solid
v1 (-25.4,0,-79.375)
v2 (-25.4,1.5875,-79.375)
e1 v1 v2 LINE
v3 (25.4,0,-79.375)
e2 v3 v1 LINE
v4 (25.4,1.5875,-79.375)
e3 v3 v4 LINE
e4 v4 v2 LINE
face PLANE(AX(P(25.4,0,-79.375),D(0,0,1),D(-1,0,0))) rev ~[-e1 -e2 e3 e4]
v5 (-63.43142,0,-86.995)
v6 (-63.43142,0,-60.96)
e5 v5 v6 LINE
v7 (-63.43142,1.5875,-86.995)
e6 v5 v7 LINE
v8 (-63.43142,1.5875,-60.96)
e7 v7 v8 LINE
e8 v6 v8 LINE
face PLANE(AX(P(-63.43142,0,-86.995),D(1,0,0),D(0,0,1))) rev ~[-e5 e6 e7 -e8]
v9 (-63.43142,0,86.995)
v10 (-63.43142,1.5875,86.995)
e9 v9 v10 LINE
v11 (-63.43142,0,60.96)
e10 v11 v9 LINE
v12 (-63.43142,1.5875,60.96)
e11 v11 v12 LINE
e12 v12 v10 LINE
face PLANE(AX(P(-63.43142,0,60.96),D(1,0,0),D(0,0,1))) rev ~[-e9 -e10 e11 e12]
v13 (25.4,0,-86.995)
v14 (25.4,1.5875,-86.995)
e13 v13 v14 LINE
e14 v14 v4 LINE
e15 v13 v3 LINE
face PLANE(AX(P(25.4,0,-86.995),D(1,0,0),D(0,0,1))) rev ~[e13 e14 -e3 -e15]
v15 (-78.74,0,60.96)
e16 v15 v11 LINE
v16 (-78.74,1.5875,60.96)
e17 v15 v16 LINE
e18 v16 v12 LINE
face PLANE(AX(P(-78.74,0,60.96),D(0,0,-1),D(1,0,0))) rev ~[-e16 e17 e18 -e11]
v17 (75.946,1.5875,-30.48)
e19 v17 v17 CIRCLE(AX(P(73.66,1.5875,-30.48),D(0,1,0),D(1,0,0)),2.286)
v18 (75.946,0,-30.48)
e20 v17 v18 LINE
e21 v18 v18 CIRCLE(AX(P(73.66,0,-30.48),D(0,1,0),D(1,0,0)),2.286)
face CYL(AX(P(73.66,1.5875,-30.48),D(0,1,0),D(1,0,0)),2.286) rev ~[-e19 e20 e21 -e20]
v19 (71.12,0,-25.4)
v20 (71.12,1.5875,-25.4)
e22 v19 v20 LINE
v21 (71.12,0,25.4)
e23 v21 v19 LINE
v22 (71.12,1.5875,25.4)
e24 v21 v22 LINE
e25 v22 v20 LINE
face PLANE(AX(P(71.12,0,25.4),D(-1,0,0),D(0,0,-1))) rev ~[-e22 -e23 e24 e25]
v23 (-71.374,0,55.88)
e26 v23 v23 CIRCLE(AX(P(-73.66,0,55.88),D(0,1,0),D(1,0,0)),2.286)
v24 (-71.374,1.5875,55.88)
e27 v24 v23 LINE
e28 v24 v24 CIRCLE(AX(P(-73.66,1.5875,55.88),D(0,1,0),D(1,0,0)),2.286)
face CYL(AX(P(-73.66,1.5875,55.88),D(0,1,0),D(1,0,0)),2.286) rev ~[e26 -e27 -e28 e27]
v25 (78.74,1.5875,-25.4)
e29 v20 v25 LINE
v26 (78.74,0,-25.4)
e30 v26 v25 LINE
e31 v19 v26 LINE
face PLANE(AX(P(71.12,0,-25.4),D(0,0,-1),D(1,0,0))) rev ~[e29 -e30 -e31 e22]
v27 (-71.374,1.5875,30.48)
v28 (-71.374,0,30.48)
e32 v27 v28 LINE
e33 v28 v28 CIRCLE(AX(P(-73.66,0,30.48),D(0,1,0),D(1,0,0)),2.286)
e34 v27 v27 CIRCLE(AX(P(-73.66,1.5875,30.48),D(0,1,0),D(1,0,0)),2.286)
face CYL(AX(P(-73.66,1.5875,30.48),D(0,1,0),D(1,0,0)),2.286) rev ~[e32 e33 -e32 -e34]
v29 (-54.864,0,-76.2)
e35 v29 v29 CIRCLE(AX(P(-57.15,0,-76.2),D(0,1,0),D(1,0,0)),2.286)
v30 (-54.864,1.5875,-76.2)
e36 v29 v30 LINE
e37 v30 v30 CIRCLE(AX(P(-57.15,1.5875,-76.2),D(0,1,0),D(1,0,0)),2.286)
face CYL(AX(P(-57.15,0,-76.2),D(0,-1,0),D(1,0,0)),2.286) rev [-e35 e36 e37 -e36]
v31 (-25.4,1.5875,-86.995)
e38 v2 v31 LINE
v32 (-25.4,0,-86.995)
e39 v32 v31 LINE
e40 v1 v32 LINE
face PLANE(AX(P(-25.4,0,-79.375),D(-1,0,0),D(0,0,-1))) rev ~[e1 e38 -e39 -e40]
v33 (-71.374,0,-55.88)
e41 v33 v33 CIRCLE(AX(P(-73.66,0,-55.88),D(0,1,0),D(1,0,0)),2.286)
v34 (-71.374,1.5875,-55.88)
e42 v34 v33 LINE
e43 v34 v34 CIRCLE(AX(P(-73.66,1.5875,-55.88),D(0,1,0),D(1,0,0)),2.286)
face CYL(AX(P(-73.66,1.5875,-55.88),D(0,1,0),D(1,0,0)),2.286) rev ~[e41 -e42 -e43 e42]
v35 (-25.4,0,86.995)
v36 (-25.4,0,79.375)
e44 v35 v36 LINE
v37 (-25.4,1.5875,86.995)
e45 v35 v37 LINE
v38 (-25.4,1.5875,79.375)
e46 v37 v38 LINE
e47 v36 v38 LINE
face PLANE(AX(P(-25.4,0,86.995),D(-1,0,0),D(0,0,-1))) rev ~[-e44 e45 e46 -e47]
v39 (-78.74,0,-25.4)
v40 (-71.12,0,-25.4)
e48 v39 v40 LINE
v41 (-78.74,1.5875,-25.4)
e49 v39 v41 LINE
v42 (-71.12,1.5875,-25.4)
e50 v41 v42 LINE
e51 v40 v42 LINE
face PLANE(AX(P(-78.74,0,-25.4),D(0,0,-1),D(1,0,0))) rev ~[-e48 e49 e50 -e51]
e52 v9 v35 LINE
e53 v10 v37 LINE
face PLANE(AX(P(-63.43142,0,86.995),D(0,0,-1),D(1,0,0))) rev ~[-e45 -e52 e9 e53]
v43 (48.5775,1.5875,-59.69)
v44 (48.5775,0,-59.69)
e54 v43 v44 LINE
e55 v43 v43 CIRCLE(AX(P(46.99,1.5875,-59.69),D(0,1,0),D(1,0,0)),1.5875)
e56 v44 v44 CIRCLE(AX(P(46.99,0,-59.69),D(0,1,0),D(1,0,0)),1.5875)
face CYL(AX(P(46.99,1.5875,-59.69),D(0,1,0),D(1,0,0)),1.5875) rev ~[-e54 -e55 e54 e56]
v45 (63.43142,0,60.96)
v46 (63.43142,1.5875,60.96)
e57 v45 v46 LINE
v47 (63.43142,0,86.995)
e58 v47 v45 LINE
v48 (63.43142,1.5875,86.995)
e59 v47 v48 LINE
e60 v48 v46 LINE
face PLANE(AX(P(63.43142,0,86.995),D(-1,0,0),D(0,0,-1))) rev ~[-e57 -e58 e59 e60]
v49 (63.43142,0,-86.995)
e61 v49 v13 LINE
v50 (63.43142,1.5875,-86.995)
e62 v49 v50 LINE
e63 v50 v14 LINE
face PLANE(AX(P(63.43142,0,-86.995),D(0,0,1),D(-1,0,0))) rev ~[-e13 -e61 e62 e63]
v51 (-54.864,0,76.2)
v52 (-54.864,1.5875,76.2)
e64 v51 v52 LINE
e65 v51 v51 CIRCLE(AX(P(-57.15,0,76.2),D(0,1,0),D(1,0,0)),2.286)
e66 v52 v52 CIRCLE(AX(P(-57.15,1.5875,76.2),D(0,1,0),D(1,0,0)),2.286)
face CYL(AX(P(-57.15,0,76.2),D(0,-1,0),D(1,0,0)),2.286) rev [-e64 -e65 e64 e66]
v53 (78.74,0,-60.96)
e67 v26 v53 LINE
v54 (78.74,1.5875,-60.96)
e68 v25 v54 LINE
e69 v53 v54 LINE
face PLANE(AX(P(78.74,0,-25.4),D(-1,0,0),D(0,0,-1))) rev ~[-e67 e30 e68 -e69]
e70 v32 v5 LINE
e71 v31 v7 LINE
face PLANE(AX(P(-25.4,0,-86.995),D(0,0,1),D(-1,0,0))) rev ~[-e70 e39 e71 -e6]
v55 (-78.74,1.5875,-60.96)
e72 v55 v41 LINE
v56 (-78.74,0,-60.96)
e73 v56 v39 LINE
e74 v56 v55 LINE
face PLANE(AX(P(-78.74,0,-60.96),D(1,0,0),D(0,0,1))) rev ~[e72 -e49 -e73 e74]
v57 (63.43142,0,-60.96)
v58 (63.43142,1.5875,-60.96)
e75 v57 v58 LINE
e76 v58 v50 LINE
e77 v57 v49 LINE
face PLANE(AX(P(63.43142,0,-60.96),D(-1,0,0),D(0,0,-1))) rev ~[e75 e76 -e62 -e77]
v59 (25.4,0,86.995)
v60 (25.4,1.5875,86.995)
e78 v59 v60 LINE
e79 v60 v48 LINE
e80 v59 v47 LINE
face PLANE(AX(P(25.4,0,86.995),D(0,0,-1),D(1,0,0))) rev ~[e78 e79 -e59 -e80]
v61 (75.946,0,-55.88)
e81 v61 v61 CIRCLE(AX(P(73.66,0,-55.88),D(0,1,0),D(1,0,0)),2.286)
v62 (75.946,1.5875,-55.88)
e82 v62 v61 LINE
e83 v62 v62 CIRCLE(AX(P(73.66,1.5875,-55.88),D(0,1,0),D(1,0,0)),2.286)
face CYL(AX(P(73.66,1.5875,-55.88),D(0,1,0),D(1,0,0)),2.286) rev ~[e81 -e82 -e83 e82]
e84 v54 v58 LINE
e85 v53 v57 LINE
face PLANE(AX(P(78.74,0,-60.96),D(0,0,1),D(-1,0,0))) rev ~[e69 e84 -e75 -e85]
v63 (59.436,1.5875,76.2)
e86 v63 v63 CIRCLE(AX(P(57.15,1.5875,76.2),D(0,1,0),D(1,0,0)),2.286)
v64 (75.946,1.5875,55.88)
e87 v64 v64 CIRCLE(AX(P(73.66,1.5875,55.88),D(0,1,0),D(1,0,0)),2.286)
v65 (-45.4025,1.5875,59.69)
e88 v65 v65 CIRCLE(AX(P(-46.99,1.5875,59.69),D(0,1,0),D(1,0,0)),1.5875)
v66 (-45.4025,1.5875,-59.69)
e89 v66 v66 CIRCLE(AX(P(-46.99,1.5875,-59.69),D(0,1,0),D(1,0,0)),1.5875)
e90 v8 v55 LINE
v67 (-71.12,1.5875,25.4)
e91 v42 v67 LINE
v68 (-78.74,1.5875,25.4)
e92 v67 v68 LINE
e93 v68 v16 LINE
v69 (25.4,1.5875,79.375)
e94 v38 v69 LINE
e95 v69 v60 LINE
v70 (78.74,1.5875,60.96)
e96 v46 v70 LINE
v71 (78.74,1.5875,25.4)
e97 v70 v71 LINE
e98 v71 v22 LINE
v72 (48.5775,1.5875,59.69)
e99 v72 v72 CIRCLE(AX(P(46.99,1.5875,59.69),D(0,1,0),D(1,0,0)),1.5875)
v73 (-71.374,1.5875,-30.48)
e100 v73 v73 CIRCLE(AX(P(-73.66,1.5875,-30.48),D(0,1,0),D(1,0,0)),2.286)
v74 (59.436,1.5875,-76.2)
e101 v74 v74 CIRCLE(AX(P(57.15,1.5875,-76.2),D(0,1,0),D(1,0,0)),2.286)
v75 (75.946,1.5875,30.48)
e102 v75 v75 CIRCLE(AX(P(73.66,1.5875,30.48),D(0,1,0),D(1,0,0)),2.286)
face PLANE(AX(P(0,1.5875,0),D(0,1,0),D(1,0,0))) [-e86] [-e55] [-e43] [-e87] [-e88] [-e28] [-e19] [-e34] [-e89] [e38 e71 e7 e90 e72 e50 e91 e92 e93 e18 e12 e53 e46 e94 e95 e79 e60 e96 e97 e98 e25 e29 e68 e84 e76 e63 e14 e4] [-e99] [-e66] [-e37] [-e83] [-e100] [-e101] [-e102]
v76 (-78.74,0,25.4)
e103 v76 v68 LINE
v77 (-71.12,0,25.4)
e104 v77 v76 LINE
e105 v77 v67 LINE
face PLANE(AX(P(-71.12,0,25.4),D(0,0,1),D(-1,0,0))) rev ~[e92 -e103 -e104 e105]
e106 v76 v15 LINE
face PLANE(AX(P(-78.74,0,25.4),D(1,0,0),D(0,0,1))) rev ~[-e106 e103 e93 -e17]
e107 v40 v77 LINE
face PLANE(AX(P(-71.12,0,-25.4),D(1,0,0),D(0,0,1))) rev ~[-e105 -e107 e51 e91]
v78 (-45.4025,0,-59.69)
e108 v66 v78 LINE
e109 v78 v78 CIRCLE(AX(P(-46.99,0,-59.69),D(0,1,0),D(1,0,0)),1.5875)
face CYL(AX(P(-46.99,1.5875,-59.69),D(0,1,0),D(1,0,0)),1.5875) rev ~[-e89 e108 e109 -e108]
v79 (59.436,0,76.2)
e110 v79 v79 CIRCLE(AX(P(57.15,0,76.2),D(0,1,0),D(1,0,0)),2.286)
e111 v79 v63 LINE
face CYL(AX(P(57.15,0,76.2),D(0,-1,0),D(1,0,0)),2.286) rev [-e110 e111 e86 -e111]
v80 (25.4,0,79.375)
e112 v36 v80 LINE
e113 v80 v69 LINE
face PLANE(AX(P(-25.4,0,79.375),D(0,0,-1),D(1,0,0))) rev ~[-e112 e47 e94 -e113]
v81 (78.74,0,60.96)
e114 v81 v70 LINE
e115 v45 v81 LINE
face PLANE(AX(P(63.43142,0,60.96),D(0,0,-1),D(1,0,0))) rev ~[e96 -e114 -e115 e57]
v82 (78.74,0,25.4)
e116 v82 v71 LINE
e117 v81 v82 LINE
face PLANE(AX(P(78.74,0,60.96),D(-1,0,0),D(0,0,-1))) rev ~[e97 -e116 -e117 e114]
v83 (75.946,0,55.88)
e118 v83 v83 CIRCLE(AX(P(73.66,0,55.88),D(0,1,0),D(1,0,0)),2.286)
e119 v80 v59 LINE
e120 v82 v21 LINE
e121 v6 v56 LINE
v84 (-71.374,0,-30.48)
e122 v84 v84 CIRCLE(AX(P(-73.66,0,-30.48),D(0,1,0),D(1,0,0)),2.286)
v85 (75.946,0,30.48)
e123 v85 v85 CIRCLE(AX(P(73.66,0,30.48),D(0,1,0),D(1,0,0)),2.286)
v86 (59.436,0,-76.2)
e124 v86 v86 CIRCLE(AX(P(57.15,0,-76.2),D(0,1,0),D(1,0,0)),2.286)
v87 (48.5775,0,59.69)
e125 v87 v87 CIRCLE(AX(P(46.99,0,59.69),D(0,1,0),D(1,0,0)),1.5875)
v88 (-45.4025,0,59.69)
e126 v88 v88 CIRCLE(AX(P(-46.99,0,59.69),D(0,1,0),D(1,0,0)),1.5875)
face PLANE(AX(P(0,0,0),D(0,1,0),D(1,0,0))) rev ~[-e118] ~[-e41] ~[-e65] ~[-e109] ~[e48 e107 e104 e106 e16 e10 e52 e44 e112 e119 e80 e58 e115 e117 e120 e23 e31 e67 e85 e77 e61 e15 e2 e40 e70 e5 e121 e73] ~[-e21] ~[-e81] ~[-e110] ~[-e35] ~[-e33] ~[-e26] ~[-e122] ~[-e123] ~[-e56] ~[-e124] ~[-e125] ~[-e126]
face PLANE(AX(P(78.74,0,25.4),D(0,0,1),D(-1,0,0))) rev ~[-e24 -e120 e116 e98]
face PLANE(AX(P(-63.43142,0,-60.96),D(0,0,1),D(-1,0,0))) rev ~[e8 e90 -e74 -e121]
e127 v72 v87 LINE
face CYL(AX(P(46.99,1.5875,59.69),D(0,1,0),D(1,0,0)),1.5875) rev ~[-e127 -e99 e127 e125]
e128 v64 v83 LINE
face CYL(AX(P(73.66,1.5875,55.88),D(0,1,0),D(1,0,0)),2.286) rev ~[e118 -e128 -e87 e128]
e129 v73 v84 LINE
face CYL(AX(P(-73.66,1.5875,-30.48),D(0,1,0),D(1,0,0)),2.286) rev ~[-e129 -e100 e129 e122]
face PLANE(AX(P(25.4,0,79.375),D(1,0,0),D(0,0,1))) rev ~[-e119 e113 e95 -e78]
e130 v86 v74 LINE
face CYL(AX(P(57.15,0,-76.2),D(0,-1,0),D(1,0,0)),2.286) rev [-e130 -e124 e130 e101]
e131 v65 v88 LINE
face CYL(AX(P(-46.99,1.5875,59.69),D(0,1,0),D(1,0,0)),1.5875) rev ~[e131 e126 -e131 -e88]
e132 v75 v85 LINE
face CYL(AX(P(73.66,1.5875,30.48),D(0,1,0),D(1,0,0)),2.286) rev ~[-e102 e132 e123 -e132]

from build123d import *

# Parameters (mm, degrees)
SKETCH1_R           = 2.286
MAIN_BODY_DEPTH     = 1.5875
SKETCH2_R           = 2.286
MOUNT_HOLES_DEPTH   = 2.5875
SKETCH3_R           = 1.5875
OLD_PCB_HOLES_DEPTH = 2.54


with BuildPart() as part:
    # Sketch1 → Main Body (new body)
    with BuildSketch(Plane(origin=(0, 0, 0), x_dir=(1, 0, 0), z_dir=(0, 1, 0))):
        Polygon((-25.4, 86.995), (-63.43142, 86.995), (-63.43142, 60.96), (-78.74, 60.96), (-78.74, 25.4), (-71.12, 25.4), (-71.12, -25.4), (-78.74, -25.4), (-78.74, -60.96), (-63.43142, -60.96), (-63.43142, -86.995), (-25.4, -86.995), (-25.4, -79.375), (25.4, -79.375), (25.4, -86.995), (63.43142, -86.995), (63.43142, -60.96), (78.74, -60.96), (78.74, -25.4), (71.12, -25.4), (71.12, 25.4), (78.74, 25.4), (78.74, 60.96), (63.43142, 60.96), (63.43142, 86.995), (25.4, 86.995), (25.4, 79.375), (-25.4, 79.375), align=None)
        with Locations((-57.15, 76.2)):
            Circle(SKETCH1_R, mode=Mode.SUBTRACT)
        with Locations((57.15, 76.2)):
            Circle(SKETCH1_R, mode=Mode.SUBTRACT)
        with Locations((57.15, -76.2)):
            Circle(SKETCH1_R, mode=Mode.SUBTRACT)
        with Locations((-57.15, -76.2)):
            Circle(SKETCH1_R, mode=Mode.SUBTRACT)
    extrude(amount=MAIN_BODY_DEPTH)

    # Sketch2 → Mount Holes (cut, through all)
    with BuildSketch(Plane(origin=(0, 1.5875, 0), x_dir=(1, 0, 0), z_dir=(0, 1, 0))):
        with Locations((-73.66, -30.48)):
            Circle(SKETCH2_R)
        with Locations((-73.66, -55.88)):
            Circle(SKETCH2_R)
        with Locations((73.66, -55.88)):
            Circle(SKETCH2_R)
        with Locations((73.66, -30.48)):
            Circle(SKETCH2_R)
        with Locations((73.66, 30.48)):
            Circle(SKETCH2_R)
        with Locations((73.66, 55.88)):
            Circle(SKETCH2_R)
        with Locations((-73.66, 55.88)):
            Circle(SKETCH2_R)
        with Locations((-73.66, 30.48)):
            Circle(SKETCH2_R)
    extrude(amount=-MOUNT_HOLES_DEPTH, mode=Mode.SUBTRACT)

    # Sketch3 → Old PCB Holes (cut)
    with BuildSketch(Plane(origin=(0, 1.5875, 0), x_dir=(1, 0, 0), z_dir=(0, 1, 0))):
        with Locations((46.99, -59.69)):
            Circle(SKETCH3_R)
        with Locations((-46.99, -59.69)):
            Circle(SKETCH3_R)
        with Locations((-46.99, 59.69)):
            Circle(SKETCH3_R)
        with Locations((46.99, 59.69)):
            Circle(SKETCH3_R)
    extrude(amount=-OLD_PCB_HOLES_DEPTH, mode=Mode.SUBTRACT)


solid = part.part
